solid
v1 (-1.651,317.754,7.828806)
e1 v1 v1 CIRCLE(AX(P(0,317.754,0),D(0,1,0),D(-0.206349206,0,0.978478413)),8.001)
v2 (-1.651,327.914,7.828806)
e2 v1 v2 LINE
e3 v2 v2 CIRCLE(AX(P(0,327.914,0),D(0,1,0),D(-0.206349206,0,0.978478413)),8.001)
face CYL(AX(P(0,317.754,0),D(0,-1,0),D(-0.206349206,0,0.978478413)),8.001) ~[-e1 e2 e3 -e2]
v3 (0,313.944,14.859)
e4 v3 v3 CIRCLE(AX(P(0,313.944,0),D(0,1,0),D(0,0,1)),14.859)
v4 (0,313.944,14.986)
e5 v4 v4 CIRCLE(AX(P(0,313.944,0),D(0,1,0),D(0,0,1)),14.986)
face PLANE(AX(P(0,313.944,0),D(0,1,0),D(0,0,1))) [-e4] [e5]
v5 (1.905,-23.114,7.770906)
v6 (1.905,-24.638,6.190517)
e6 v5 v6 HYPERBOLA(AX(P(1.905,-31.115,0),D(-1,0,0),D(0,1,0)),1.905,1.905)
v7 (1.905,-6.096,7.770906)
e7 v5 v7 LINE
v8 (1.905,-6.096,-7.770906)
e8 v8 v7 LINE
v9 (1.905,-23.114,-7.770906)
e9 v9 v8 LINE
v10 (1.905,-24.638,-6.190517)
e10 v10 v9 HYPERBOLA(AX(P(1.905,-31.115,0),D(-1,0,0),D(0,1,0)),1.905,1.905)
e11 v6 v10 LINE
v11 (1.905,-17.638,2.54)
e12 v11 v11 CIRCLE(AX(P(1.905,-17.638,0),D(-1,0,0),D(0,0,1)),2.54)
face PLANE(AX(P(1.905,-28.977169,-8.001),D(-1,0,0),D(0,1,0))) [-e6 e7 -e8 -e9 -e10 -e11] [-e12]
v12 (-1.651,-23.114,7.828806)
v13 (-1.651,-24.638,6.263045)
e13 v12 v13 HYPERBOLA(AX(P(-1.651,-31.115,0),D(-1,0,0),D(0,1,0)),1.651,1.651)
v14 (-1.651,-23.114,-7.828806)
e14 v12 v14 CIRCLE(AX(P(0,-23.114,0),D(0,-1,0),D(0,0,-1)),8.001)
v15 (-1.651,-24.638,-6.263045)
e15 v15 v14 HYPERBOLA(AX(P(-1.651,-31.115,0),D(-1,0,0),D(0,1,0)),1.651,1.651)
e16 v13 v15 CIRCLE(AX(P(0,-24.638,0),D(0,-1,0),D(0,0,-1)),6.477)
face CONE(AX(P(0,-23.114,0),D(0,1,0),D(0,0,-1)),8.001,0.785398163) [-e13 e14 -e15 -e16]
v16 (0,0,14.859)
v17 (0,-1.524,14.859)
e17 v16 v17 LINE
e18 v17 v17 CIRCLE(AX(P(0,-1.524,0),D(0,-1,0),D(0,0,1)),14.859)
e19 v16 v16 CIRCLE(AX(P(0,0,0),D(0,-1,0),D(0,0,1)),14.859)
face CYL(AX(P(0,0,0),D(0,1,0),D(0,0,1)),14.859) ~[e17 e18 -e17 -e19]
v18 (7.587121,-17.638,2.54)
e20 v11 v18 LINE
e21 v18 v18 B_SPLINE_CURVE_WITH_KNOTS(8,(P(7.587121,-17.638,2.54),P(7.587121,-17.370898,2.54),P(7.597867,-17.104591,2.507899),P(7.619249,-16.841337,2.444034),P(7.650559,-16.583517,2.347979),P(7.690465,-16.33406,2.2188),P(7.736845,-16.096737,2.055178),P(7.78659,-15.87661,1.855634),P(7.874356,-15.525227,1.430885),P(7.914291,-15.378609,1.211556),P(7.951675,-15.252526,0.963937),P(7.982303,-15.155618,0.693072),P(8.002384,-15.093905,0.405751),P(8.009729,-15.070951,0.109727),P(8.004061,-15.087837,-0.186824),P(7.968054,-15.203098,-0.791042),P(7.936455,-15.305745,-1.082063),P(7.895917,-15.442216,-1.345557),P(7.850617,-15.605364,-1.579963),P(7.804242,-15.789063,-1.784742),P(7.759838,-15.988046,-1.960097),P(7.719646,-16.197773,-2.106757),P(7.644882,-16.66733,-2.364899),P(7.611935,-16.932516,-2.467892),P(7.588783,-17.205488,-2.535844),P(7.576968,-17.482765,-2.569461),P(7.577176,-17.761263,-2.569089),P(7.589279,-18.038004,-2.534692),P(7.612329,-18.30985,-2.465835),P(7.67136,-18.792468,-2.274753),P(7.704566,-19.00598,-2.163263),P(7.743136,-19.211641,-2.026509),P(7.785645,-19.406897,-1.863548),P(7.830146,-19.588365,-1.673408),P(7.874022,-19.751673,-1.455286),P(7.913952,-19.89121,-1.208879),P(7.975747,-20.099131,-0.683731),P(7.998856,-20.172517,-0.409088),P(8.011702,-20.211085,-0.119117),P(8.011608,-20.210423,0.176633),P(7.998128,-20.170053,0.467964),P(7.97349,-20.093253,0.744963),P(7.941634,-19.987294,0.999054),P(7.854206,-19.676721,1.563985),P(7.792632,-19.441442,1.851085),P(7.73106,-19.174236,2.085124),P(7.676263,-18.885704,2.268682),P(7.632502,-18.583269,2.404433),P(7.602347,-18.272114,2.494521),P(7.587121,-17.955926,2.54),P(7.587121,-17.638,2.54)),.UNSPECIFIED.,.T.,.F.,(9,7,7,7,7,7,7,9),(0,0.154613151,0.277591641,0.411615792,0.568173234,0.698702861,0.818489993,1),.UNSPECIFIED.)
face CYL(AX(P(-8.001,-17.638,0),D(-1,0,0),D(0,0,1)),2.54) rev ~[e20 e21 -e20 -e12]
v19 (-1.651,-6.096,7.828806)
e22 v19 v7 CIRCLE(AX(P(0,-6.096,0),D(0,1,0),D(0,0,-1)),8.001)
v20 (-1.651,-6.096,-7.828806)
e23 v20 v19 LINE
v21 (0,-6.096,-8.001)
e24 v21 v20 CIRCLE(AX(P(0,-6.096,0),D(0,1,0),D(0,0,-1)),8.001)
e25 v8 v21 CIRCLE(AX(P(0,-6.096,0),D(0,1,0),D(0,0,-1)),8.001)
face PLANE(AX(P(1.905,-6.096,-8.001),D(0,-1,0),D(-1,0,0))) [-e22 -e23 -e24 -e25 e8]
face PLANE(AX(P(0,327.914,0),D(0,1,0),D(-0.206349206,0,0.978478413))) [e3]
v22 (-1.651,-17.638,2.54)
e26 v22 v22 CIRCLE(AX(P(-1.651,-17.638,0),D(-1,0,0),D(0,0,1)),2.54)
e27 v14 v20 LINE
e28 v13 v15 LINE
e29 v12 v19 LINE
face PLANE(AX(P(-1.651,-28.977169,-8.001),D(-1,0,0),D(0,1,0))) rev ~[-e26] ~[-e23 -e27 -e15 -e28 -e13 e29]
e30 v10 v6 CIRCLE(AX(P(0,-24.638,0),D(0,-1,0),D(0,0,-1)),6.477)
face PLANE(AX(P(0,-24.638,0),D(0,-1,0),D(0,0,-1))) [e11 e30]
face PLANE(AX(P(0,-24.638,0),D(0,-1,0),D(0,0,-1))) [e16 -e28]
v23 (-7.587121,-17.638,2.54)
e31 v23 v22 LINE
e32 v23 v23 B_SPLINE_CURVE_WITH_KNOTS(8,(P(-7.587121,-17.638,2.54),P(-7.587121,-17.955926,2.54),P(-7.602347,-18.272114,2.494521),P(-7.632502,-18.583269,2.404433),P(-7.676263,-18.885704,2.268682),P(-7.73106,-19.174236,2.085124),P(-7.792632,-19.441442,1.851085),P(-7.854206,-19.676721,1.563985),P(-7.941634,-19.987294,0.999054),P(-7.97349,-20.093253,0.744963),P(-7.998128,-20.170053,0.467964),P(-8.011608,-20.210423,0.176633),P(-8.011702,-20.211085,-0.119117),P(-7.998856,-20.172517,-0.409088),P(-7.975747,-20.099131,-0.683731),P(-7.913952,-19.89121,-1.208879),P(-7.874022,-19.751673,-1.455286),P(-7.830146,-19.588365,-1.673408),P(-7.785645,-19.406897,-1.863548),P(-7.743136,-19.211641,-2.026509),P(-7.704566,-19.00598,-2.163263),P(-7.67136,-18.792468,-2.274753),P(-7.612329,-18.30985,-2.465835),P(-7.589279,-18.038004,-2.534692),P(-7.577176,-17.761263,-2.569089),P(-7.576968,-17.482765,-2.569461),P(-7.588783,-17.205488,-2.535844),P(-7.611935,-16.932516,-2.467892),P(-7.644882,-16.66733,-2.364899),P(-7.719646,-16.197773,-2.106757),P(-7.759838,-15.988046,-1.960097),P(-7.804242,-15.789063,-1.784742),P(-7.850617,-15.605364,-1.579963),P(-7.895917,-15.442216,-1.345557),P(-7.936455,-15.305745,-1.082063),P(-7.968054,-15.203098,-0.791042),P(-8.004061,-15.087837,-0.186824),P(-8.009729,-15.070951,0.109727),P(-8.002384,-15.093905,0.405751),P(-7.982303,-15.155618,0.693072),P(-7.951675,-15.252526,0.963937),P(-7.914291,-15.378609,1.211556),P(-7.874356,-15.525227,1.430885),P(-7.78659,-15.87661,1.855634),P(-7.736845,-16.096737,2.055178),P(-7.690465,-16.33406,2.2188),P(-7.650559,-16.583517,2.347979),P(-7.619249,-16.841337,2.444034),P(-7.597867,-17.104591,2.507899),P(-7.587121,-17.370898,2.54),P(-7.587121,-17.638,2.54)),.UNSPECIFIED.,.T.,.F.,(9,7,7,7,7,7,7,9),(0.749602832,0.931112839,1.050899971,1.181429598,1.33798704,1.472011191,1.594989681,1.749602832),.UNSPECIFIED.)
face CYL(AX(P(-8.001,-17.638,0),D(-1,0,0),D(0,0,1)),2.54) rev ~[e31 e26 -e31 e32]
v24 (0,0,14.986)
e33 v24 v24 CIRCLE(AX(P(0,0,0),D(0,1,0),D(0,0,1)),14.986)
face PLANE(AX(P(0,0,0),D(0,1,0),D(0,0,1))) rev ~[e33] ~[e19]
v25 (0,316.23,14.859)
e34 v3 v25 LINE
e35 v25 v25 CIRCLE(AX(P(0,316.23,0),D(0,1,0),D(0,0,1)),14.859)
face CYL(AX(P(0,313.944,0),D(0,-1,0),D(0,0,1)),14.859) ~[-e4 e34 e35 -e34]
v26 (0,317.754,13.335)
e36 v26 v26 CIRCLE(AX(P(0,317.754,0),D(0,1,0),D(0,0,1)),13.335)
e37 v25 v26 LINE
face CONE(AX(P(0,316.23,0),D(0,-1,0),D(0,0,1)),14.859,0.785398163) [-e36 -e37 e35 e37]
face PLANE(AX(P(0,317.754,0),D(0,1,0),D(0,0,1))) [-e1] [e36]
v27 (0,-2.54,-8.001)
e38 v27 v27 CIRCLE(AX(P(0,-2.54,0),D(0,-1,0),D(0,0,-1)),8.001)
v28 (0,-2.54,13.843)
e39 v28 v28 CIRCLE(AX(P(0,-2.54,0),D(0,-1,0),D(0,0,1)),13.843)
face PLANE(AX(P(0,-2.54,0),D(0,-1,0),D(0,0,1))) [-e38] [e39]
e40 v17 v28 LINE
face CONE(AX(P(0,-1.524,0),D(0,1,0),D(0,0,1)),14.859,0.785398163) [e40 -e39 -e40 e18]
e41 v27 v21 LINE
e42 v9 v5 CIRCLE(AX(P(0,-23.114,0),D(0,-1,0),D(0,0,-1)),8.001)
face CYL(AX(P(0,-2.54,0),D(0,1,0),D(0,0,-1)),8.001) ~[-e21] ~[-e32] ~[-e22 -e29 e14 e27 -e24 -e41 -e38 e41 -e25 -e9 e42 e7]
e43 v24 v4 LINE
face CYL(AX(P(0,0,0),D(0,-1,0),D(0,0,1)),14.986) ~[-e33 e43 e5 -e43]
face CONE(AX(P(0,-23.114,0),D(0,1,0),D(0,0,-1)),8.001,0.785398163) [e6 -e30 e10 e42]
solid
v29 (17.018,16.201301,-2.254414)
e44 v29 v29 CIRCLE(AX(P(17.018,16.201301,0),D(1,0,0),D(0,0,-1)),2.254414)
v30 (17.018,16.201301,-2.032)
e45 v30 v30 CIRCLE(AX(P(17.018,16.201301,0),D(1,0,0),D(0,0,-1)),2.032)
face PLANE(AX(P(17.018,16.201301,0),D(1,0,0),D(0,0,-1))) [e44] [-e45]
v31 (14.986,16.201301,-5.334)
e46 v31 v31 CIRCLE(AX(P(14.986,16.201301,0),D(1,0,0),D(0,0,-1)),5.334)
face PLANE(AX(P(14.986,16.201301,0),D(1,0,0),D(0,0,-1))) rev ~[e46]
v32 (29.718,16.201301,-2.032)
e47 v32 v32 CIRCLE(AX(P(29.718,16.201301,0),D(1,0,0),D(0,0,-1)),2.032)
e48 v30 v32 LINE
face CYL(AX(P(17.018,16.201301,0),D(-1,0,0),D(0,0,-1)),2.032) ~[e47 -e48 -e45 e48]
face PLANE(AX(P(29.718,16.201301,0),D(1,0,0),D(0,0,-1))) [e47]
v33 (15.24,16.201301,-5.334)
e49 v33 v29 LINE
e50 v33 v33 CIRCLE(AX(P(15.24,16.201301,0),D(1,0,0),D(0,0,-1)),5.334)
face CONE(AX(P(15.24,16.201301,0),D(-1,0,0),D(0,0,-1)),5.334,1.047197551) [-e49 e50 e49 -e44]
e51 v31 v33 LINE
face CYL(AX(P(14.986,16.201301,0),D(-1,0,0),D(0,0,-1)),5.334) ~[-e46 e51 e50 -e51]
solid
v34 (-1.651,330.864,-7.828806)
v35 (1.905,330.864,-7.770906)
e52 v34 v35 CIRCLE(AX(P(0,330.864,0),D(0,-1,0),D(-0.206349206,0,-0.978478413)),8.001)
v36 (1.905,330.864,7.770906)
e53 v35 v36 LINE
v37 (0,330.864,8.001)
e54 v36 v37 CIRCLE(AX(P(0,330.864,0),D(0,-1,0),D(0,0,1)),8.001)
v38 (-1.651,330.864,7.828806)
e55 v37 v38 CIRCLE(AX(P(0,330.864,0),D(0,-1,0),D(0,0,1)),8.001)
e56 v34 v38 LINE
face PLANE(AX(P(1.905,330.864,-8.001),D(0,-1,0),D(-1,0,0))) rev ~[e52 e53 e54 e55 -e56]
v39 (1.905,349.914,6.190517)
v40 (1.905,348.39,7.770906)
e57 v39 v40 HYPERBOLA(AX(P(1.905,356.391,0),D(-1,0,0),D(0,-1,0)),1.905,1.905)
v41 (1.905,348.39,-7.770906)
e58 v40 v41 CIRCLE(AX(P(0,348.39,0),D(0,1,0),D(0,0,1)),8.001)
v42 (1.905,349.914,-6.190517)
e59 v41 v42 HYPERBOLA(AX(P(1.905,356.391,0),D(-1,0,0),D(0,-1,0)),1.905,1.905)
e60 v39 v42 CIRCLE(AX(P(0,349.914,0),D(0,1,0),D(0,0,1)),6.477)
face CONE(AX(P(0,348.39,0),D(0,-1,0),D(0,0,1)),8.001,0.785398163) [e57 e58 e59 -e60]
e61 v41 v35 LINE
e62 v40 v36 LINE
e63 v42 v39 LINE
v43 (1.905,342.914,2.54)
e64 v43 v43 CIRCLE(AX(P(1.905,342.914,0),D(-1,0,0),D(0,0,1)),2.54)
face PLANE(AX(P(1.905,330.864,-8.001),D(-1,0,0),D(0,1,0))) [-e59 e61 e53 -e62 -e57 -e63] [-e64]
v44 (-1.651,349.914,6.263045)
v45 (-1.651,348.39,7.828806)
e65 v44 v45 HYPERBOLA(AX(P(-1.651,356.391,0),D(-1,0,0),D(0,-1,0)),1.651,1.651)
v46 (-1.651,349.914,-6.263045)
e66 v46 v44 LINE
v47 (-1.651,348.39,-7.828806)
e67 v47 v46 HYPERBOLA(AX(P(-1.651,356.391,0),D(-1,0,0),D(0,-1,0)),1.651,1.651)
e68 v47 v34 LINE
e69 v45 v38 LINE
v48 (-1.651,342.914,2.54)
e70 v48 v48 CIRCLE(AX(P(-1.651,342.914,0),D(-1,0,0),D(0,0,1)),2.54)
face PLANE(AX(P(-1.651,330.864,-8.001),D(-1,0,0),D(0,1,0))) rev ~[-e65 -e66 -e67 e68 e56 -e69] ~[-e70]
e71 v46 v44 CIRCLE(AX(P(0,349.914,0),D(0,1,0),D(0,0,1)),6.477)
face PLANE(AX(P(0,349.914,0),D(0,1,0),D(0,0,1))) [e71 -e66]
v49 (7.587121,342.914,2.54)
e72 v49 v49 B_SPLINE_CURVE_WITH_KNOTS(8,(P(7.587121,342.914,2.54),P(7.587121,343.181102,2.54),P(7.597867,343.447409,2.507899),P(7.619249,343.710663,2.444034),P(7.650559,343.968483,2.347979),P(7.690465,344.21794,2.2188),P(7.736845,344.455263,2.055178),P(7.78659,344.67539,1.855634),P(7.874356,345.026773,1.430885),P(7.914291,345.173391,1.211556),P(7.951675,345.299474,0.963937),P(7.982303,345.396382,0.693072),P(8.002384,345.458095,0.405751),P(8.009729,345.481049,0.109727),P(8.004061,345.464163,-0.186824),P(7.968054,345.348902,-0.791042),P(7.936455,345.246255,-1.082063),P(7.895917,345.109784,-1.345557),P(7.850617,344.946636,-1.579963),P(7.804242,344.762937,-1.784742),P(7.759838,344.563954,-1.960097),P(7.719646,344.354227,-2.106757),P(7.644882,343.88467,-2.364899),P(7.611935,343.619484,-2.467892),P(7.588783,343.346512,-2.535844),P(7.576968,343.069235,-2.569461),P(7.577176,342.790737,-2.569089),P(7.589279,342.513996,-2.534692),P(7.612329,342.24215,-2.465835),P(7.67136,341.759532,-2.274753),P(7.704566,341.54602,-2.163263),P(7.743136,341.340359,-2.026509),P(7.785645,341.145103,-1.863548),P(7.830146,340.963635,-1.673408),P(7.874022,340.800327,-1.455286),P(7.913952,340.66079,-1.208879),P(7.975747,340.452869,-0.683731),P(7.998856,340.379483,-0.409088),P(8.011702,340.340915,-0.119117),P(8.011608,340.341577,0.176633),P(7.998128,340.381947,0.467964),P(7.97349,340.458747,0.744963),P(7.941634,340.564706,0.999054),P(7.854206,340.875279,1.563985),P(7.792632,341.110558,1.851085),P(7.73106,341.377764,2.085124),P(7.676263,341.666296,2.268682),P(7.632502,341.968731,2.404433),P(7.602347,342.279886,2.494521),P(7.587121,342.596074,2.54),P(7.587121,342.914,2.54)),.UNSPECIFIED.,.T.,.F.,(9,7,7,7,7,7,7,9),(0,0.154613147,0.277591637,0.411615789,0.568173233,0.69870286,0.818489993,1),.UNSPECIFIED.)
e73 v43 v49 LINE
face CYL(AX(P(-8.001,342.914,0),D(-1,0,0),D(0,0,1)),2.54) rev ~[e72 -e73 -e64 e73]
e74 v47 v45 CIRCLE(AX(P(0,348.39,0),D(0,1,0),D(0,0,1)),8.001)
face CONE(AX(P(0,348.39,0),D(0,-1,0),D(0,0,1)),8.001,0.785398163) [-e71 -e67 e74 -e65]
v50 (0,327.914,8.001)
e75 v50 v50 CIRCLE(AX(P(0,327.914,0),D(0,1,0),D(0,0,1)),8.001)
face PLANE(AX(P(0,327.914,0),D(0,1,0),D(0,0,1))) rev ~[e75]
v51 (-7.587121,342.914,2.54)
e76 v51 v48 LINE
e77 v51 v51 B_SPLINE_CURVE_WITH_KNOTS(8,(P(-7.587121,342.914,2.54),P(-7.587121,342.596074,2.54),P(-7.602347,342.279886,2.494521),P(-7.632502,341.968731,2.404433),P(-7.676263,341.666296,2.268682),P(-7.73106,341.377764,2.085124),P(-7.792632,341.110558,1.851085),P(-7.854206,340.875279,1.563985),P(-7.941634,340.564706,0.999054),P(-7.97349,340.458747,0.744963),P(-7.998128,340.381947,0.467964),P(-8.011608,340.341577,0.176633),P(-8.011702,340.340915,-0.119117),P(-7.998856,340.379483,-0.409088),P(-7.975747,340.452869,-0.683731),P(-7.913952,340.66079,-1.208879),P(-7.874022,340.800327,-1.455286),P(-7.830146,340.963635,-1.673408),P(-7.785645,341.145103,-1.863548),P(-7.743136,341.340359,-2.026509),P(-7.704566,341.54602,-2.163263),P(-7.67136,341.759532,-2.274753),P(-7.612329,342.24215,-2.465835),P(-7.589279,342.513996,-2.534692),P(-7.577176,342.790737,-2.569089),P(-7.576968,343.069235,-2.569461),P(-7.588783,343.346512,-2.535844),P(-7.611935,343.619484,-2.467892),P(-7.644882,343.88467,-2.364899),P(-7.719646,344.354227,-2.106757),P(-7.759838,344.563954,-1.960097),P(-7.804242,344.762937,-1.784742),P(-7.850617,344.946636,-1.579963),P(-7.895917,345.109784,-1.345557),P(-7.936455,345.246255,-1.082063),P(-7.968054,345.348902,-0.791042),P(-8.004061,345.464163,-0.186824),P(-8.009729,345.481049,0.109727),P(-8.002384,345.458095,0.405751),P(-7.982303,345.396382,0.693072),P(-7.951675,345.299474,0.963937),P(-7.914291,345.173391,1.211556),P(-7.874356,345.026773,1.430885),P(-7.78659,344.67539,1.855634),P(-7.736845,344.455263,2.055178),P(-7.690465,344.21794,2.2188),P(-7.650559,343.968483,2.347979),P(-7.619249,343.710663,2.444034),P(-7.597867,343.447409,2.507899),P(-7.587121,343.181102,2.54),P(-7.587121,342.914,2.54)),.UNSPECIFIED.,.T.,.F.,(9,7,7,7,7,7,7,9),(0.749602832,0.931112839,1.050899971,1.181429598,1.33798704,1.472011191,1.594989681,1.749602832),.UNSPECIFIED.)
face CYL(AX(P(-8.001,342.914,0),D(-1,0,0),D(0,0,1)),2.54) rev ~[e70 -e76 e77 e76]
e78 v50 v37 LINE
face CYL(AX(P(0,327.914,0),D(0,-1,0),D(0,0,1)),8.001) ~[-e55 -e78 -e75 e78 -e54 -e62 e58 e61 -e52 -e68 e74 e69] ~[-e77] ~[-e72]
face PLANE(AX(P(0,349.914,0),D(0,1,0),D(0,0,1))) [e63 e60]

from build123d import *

# Parameters (mm, degrees)
SKETCH1_R           = 14.986
BOSS_EXTRUDE1_DEPTH = 313.944
SKETCH2_R           = 14.859
BOSS_EXTRUDE2_DEPTH = 2.54
CHAMFER1_SIZE       = 1.016
SKETCH3_R           = 8.001
BOSS_EXTRUDE3_DEPTH = 22.098
CHAMFER2_SIZE       = 1.524
SKETCH4_R           = 2.54
CUT_EXTRUDE1_DEPTH  = 21.59
SKETCH5_W           = 3.556
SKETCH5_H           = 22.881169146
CUT_EXTRUDE2_DEPTH  = 21.59
SKETCH6_R           = 5.334
BOSS_EXTRUDE4_DEPTH = 2.032
CHAMFER3_SIZE       = 1.778
CHAMFER3_SIZE2      = 3.079586336
SKETCH7_R           = 2.032
BOSS_EXTRUDE5_DEPTH = 12.7
SKETCH8_R           = 14.859
BOSS_EXTRUDE6_DEPTH = 3.81
CHAMFER4_SIZE       = 1.524
SKETCH9_R           = 8.001
BOSS_EXTRUDE7_DEPTH = 10.16
SKETCH10_R          = 8.001
BOSS_EXTRUDE8_DEPTH = 22
CHAMFER5_SIZE       = 1.524
SKETCH11_R          = 2.54
CUT_EXTRUDE3_DEPTH  = 21.844
SKETCH12_W          = 3.556
SKETCH12_H          = 19.05
CUT_EXTRUDE4_DEPTH  = 21.844


with BuildPart() as part:
    # Sketch1 → Boss-Extrude1 (new body)
    with BuildSketch(Plane(origin=(0, 0, 0), x_dir=(1, 0, 0), z_dir=(0, 1, 0))):
        with Locations(Location((0, 0, 0), (0, 0, 270))):  # turned: the seam where the file's is
            Circle(SKETCH1_R)
    extrude(amount=BOSS_EXTRUDE1_DEPTH)

    # Sketch2 → Boss-Extrude2 (add)
    with BuildSketch(Plane.XZ):
        with Locations(Location((0, 0, 0), (0, 0, 90))):  # turned: the seam where the file's is
            Circle(SKETCH2_R)
    extrude(amount=BOSS_EXTRUDE2_DEPTH)

    # Chamfer1
    chamfer1_edges = [part.edges().sort_by_distance(p)[0] for p in [
        (0, -2.54, -14.859),
    ]]
    chamfer(chamfer1_edges, length=CHAMFER1_SIZE)

    # Sketch3 → Boss-Extrude3 (add)
    with BuildSketch(Plane.XZ.offset(2.54)):
        with Locations(Location((0, 0, 0), (0, 0, 270))):  # turned: the seam where the file's is
            Circle(SKETCH3_R)
    extrude(amount=BOSS_EXTRUDE3_DEPTH)

    # Chamfer2
    chamfer2_edges = [part.edges().sort_by_distance(p)[0] for p in [
        (0, -24.638, 8.001),
    ]]
    chamfer(chamfer2_edges, length=CHAMFER2_SIZE)

    # Sketch4 → Cut-Extrude1 (cut)
    with BuildSketch(Plane.ZY.offset(8.001)):
        with Locations((0, -17.638)):
            Circle(SKETCH4_R)
    extrude(amount=-CUT_EXTRUDE1_DEPTH, mode=Mode.SUBTRACT)

    # Sketch5 → Cut-Extrude2 (cut)
    with BuildSketch(Plane(origin=(0, 0, -8.001), x_dir=(-1, 0, 0), z_dir=(0, 0, -1))):
        with Locations((-0.127, -17.536584573)):
            Rectangle(SKETCH5_W, SKETCH5_H)
    extrude(amount=-CUT_EXTRUDE2_DEPTH, mode=Mode.SUBTRACT)

    # Sketch8 → Boss-Extrude6 (add)
    with BuildSketch(Plane(origin=(0, 313.944, 0), x_dir=(1, 0, 0), z_dir=(0, 1, 0))):
        with Locations(Location((0, 0, 0), (0, 0, 270))):  # turned: the seam where the file's is
            Circle(SKETCH8_R)
    extrude(amount=BOSS_EXTRUDE6_DEPTH)

    # Chamfer4
    chamfer4_edges = [part.edges().sort_by_distance(p)[0] for p in [
        (0, 317.754, -14.859),
    ]]
    chamfer(chamfer4_edges, length=CHAMFER4_SIZE)

    # Sketch9 → Boss-Extrude7 (add)
    with BuildSketch(Plane(origin=(0, 317.754, 0), x_dir=(1, 0, 0), z_dir=(0, 1, 0))):
        with Locations(Location((0, 0, 0), (0, 0, 258.091508286))):  # turned: the seam where the file's is
            Circle(SKETCH9_R)
    extrude(amount=BOSS_EXTRUDE7_DEPTH)


with BuildPart() as body_2:
    # Sketch6 → Boss-Extrude4 (new body)
    with BuildSketch(Plane(origin=(14.986, 0, 0), x_dir=(0, 0, -1), z_dir=(1, 0, 0))):
        with Locations((0, 16.201300922)):
            Circle(SKETCH6_R)
    extrude(amount=BOSS_EXTRUDE4_DEPTH)

    # Chamfer3
    chamfer3_edges = [body_2.edges().sort_by_distance(p)[0] for p in [
        (17.018, 16.201300922, 5.334),
    ]]
    chamfer3_side = [body_2.faces().sort_by_distance(p)[0] for p in [
        (16.002, 16.201300922, 5.334),
    ]]
    chamfer(chamfer3_edges, length=CHAMFER3_SIZE, length2=CHAMFER3_SIZE2, reference=chamfer3_side[0])

    # Sketch7 → Boss-Extrude5 (add)
    with BuildSketch(Plane(origin=(17.018, 0, 0), x_dir=(0, 0, -1), z_dir=(1, 0, 0))):
        with Locations((0, 16.201300922)):
            Circle(SKETCH7_R)
    extrude(amount=BOSS_EXTRUDE5_DEPTH)


with BuildPart() as body_3:
    # Sketch10 → Boss-Extrude8 (new body)
    with BuildSketch(Plane(origin=(0, 327.914, 0), x_dir=(1, 0, 0), z_dir=(0, 1, 0))):
        with Locations(Location((0, 0, 0), (0, 0, 270))):  # turned: the seam where the file's is
            Circle(SKETCH10_R)
    extrude(amount=BOSS_EXTRUDE8_DEPTH)

    # Chamfer5
    chamfer5_edges = [body_3.edges().sort_by_distance(p)[0] for p in [
        (0, 349.914, -8.001),
    ]]
    chamfer(chamfer5_edges, length=CHAMFER5_SIZE)

    # Sketch11 → Cut-Extrude3 (cut)
    with BuildSketch(Plane.ZY.offset(8.001)):
        with Locations((0, 342.914)):
            Circle(SKETCH11_R)
    extrude(amount=-CUT_EXTRUDE3_DEPTH, mode=Mode.SUBTRACT)

    # Sketch12 → Cut-Extrude4 (cut)
    with BuildSketch(Plane(origin=(0, 0, -8.001), x_dir=(-1, 0, 0), z_dir=(0, 0, -1))):
        with Locations((-0.127, 340.389)):
            Rectangle(SKETCH12_W, SKETCH12_H)
    extrude(amount=-CUT_EXTRUDE4_DEPTH, mode=Mode.SUBTRACT)


solid = Compound([part.part, body_2.part, body_3.part])
